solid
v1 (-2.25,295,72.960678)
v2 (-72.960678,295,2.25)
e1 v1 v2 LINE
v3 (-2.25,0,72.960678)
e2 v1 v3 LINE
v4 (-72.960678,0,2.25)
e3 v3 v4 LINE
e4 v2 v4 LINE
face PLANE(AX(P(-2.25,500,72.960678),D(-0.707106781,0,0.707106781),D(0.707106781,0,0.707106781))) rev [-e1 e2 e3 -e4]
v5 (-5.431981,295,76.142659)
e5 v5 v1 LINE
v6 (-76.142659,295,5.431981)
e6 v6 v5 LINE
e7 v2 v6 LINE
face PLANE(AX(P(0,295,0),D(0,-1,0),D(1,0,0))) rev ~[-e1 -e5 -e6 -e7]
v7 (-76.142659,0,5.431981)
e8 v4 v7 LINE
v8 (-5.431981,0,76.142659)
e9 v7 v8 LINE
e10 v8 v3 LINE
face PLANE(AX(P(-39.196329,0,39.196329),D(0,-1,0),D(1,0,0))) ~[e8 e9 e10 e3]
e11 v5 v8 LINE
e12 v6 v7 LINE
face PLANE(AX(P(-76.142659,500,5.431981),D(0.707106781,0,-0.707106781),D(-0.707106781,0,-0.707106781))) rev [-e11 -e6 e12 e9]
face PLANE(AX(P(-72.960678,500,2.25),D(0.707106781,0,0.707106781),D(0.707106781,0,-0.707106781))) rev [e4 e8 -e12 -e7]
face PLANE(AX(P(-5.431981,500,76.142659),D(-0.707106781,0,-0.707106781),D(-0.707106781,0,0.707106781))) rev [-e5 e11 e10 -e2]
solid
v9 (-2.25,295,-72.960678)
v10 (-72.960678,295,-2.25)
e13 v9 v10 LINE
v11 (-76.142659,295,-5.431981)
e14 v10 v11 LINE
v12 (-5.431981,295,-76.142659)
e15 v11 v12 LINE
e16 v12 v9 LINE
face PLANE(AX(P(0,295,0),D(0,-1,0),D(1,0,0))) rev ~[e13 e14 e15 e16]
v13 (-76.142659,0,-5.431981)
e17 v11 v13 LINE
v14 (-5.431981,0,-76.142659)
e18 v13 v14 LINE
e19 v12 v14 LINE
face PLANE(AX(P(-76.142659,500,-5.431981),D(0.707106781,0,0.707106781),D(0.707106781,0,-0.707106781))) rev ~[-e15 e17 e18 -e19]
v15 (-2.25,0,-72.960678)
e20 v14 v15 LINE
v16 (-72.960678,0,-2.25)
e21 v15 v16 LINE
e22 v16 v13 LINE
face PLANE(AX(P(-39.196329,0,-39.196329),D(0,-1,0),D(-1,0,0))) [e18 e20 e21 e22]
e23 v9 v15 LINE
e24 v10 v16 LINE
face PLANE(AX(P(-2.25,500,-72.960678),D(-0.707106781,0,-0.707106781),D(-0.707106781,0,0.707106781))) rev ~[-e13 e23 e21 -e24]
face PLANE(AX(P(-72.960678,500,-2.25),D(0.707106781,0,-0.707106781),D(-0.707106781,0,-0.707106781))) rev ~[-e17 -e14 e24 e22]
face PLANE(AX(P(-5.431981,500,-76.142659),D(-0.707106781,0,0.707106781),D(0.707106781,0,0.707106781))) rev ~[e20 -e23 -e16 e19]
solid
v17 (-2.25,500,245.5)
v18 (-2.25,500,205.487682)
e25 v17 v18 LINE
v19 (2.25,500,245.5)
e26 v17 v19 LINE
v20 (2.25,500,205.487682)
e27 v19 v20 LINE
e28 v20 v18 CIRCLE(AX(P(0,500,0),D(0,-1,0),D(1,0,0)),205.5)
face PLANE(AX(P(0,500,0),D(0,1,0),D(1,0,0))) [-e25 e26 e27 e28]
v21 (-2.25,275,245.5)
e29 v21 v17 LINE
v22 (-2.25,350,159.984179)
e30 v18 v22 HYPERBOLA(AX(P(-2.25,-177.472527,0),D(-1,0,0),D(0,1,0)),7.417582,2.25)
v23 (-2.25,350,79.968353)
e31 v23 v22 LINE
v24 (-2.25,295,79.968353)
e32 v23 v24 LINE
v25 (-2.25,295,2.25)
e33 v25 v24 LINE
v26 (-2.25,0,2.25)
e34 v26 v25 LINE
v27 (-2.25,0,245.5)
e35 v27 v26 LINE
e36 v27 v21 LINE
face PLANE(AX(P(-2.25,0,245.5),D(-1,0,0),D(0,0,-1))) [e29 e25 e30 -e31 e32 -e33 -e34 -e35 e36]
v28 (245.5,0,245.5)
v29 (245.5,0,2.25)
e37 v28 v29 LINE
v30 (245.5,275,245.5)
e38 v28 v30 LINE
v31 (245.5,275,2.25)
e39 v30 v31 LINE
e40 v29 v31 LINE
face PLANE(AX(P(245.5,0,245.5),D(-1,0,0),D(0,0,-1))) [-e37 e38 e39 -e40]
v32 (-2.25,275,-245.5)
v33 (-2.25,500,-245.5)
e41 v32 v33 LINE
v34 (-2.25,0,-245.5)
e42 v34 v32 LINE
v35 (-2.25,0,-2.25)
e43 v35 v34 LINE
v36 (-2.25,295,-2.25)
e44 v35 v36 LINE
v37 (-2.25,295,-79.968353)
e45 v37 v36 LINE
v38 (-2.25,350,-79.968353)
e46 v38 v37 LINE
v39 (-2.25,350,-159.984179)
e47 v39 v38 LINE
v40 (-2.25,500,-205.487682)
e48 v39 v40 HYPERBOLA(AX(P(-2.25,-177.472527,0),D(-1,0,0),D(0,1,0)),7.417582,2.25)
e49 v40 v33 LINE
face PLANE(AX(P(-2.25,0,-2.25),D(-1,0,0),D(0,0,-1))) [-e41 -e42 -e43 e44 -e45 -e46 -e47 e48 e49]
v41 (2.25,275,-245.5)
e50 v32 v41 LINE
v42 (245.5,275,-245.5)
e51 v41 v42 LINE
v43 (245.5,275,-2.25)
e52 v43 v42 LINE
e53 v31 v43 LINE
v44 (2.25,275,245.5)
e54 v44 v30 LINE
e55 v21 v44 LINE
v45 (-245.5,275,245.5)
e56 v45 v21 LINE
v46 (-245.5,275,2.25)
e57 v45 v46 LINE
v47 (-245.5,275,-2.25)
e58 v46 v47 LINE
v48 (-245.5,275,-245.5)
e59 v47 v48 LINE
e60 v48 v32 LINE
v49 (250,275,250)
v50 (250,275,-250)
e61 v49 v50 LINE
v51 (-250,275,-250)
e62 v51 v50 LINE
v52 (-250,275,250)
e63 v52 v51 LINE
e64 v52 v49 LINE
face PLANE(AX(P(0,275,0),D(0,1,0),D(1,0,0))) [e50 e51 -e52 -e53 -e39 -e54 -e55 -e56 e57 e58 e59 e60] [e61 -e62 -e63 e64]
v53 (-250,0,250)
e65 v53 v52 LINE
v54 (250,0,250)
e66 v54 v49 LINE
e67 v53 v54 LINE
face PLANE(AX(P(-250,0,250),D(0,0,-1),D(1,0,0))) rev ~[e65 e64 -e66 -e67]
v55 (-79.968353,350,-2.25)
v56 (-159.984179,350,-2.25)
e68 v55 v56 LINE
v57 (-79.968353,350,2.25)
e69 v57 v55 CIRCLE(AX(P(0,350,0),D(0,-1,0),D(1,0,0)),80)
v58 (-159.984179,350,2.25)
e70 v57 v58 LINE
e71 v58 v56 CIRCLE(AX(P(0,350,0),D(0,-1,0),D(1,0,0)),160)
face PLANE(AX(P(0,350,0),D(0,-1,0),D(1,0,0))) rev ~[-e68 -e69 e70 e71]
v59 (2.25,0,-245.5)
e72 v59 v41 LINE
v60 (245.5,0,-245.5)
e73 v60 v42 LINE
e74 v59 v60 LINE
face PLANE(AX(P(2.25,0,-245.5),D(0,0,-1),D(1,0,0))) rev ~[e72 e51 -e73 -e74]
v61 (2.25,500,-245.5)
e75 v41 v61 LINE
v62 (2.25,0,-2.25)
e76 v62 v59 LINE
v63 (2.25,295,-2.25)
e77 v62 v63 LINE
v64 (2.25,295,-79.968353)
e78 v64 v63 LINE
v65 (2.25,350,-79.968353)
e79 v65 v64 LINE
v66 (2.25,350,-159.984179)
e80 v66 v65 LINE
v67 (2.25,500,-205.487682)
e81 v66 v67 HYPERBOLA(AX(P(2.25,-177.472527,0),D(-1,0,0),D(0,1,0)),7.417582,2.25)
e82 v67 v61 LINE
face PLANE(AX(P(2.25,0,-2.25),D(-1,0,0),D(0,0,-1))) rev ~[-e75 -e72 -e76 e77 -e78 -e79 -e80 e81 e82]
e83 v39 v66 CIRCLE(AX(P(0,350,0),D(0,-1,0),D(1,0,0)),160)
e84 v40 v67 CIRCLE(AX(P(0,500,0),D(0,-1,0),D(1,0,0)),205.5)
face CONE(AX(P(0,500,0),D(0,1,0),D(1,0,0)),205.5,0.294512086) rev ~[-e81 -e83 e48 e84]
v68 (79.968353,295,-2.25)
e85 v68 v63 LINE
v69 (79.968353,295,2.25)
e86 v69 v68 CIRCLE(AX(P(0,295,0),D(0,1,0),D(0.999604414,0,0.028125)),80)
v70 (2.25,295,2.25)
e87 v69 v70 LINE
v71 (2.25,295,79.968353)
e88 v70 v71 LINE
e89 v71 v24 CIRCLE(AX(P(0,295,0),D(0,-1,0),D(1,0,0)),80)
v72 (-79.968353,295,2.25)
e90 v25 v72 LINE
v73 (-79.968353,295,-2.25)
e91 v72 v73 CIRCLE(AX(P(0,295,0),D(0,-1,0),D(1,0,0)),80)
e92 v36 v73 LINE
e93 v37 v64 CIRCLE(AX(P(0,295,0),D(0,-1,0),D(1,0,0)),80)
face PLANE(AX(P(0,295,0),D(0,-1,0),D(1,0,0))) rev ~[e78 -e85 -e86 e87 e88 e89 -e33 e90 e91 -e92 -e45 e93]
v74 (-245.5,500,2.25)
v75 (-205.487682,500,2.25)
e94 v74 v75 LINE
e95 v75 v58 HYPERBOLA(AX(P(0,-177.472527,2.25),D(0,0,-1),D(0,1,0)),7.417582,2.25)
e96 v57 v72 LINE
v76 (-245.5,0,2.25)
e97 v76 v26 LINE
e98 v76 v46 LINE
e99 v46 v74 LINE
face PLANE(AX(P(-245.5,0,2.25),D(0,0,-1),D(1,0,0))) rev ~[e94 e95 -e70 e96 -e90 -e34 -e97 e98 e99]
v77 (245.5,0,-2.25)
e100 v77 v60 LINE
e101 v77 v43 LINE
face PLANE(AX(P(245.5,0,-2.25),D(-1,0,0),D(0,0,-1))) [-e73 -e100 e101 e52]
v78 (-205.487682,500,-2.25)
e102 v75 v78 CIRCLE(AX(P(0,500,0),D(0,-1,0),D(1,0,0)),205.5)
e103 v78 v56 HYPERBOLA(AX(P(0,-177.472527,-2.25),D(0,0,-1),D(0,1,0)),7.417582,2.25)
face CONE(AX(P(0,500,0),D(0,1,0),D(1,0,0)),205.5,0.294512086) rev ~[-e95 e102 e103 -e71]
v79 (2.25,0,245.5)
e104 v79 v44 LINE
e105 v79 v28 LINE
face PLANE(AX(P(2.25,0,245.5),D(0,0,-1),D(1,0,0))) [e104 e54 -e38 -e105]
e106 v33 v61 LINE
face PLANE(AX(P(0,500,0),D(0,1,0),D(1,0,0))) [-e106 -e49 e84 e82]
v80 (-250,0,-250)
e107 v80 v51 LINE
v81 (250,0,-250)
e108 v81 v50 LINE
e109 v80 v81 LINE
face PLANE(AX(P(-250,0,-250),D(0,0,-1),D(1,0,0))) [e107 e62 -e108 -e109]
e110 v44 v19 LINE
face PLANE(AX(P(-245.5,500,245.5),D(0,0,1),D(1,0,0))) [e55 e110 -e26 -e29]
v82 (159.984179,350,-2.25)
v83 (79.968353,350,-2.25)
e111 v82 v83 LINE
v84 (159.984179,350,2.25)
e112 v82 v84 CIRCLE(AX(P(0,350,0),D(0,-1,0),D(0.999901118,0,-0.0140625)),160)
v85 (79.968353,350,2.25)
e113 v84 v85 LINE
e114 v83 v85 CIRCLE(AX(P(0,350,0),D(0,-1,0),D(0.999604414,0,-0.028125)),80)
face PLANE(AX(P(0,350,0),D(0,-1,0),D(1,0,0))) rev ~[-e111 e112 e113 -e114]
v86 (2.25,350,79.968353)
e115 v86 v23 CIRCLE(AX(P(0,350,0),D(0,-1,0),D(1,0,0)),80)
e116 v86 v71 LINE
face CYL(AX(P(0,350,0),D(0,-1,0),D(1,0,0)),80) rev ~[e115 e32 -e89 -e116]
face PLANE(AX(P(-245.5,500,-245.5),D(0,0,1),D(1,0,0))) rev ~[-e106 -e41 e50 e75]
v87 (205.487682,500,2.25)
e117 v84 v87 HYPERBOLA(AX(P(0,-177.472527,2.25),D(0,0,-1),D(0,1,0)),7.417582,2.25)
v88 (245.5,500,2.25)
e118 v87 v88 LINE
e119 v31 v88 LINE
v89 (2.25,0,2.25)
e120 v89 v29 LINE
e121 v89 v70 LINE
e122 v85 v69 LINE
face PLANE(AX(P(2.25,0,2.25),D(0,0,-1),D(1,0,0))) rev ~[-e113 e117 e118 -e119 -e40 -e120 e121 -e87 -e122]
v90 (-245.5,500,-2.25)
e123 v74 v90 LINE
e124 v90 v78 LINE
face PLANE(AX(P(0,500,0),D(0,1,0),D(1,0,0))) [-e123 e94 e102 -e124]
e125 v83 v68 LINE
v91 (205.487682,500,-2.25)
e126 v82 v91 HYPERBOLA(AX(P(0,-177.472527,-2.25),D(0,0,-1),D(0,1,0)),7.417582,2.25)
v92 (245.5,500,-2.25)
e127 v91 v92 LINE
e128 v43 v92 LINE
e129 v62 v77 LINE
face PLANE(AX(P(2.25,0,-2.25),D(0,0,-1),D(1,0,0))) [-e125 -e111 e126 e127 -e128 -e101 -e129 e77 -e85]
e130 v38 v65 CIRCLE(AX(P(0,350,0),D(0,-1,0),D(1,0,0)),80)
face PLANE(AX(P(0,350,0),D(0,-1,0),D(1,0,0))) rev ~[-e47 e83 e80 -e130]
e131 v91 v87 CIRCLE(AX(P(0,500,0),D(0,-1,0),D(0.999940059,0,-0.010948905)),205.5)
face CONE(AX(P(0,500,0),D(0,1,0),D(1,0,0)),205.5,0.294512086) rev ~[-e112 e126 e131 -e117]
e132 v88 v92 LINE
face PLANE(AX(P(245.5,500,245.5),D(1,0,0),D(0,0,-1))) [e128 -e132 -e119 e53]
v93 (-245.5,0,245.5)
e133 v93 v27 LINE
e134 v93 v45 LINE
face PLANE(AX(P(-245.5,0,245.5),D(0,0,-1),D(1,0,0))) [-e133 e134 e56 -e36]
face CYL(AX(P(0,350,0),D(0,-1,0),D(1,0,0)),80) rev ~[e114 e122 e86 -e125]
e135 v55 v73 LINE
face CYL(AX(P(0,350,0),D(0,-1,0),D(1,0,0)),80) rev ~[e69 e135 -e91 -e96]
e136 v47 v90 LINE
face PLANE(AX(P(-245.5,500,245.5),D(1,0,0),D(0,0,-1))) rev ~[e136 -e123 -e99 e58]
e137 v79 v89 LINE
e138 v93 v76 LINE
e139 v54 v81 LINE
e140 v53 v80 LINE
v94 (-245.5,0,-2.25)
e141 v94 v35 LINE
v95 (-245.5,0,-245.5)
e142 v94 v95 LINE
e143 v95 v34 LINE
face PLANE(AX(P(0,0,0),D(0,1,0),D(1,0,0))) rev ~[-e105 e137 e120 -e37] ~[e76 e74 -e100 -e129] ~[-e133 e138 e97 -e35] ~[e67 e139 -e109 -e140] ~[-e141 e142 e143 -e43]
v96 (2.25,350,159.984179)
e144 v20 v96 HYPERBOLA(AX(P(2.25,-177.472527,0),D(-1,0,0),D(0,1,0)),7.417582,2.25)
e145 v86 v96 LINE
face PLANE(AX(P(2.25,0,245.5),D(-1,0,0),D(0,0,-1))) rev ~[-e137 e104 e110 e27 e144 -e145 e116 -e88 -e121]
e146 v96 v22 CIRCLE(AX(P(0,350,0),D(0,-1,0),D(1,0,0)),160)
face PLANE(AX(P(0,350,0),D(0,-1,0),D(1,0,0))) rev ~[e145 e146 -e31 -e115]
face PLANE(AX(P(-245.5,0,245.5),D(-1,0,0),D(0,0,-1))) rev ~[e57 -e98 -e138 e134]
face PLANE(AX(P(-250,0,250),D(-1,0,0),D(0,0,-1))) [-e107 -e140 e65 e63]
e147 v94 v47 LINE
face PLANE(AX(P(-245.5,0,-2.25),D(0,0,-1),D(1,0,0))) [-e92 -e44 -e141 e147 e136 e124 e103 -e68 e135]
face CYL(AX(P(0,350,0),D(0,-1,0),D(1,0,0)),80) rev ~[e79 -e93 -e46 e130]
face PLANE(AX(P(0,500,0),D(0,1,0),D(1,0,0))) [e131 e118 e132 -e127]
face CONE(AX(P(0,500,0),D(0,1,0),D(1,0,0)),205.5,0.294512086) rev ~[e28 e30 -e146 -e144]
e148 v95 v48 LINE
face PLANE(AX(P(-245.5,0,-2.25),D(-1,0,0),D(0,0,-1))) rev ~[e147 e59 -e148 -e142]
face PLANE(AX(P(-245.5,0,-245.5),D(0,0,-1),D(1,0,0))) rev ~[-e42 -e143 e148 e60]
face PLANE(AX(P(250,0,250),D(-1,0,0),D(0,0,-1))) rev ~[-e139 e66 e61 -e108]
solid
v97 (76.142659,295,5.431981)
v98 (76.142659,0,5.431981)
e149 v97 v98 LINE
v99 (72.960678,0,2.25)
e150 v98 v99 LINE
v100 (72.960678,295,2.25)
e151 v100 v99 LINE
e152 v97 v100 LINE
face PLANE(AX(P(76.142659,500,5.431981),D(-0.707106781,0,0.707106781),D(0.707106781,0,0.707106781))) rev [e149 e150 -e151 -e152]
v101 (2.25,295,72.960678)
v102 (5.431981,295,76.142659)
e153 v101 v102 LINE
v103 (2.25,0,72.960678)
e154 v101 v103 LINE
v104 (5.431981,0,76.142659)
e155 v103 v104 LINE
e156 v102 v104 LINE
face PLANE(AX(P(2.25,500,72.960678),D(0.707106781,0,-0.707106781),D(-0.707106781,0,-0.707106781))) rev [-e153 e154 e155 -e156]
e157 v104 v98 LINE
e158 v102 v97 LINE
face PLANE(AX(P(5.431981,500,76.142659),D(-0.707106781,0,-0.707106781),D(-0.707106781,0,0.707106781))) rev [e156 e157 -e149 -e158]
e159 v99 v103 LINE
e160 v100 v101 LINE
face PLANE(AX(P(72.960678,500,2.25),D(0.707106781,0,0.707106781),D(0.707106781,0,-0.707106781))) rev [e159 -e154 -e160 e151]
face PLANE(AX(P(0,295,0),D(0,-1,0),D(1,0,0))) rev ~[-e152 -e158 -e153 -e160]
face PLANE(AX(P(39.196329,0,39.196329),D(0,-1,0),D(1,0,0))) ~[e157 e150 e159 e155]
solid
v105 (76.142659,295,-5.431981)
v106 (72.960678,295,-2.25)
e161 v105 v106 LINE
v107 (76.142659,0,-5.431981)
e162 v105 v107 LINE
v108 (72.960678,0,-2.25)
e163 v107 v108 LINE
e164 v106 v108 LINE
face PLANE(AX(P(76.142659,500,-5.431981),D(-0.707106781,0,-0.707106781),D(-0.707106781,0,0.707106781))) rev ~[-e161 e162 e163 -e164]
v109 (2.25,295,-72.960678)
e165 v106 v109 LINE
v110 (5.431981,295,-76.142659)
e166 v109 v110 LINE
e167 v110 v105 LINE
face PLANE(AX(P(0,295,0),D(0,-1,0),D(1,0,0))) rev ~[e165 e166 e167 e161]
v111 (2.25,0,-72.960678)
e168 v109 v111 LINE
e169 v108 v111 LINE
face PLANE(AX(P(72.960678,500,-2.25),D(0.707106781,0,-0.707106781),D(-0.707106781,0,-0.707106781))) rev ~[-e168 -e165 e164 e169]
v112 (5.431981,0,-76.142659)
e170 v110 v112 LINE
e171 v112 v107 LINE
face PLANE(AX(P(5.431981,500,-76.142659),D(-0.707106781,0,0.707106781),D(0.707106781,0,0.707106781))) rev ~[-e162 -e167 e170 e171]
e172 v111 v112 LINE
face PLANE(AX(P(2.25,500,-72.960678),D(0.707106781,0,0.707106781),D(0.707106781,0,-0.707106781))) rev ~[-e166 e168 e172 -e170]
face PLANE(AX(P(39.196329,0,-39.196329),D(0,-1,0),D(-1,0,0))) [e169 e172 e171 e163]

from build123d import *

# Parameters (mm, degrees)
SKETCH1_W             = 500
SKETCH1_H             = 500
SKETCH1_W_2           = 243.25
SKETCH1_H_2           = 243.25
BOSS_EXTRUDE1_DEPTH   = 500
BOSS_EXTRUDE3_DEPTH   = 500
BOSS_EXTRUDE3_2_DEPTH = 500
SKETCH8_W             = 500
SKETCH8_H             = 500
SKETCH8_W_2           = 491
SKETCH8_H_2           = 491
CUT_EXTRUDE1_DEPTH    = 225


with BuildPart() as part:
    # Sketch1 → Boss-Extrude1 (new body)
    with BuildSketch(Plane(origin=(0, 0, 0), x_dir=(1, 0, 0), z_dir=(0, 1, 0))):
        Rectangle(SKETCH1_W, SKETCH1_H)
        with Locations((-123.875, 123.875)):
            Rectangle(SKETCH1_W_2, SKETCH1_H_2, mode=Mode.SUBTRACT)
        with Locations((123.875, 123.875)):
            Rectangle(SKETCH1_W_2, SKETCH1_H_2, mode=Mode.SUBTRACT)
        with Locations((-123.875, -123.875)):
            Rectangle(SKETCH1_W_2, SKETCH1_H_2, mode=Mode.SUBTRACT)
        with Locations((123.875, -123.875)):
            Rectangle(SKETCH1_W_2, SKETCH1_H_2, mode=Mode.SUBTRACT)
    extrude(amount=BOSS_EXTRUDE1_DEPTH)

    # Sketch8 → Cut-Extrude1 (cut)
    with BuildSketch(Plane(origin=(0, 500, 0), x_dir=(1, 0, 0), z_dir=(0, 1, 0))):
        Rectangle(SKETCH8_W, SKETCH8_H)
        Rectangle(SKETCH8_W_2, SKETCH8_H_2, mode=Mode.SUBTRACT)
    extrude(amount=-CUT_EXTRUDE1_DEPTH, mode=Mode.SUBTRACT)


with BuildPart() as body_2:
    # Sketch4 → Boss-Extrude3 (new body)
    with BuildSketch(Plane(origin=(0, 500, 0), x_dir=(1, 0, 0), z_dir=(0, 1, 0))):
        Polygon((5.431980515, 76.142658634), (76.142658634, 5.431980515), (72.960678119, 2.25), (2.25, 72.960678119), align=None)
    extrude(amount=-BOSS_EXTRUDE3_DEPTH)


with BuildPart() as body_3:
    # Sketch4 → Boss-Extrude3 2 (new body)
    with BuildSketch(Plane(origin=(0, 500, 0), x_dir=(1, 0, 0), z_dir=(0, 1, 0))):
        Polygon((-76.142658634, 5.431980515), (-5.431980515, 76.142658634), (-2.25, 72.960678119), (-72.960678119, 2.25), align=None)
    extrude(amount=-BOSS_EXTRUDE3_2_DEPTH)


with BuildPart() as body_4:
    # Mirror2: mirrored copy
    add(body_3.part.mirror(Plane.XY))


with BuildPart() as body_5:
    # Mirror2 2: mirrored copy
    add(body_2.part.mirror(Plane.XY))


with BuildPart() as cut_revolve3_tool:
    # Sketch11 → Cut-Revolve3 (revolve)
    with BuildSketch(Plane.XY):
        Polygon((205.5, 500), (160, 350), (80, 350), (80, 295), (0, 295), (0, 500), align=None)
    revolve(axis=Axis((0, 500, 0), (0, -1, 0)))


with BuildPart() as part_1:
    add(part.part)

    # Cut-Revolve3: cut by cut_revolve3_tool
    add(cut_revolve3_tool.part, mode=Mode.SUBTRACT)


with BuildPart() as body_2_1:
    add(body_2.part)

    # Cut-Revolve3: cut by cut_revolve3_tool
    add(cut_revolve3_tool.part, mode=Mode.SUBTRACT)


with BuildPart() as body_3_1:
    add(body_3.part)

    # Cut-Revolve3: cut by cut_revolve3_tool
    add(cut_revolve3_tool.part, mode=Mode.SUBTRACT)


with BuildPart() as body_4_1:
    add(body_4.part)

    # Cut-Revolve3: cut by cut_revolve3_tool
    add(cut_revolve3_tool.part, mode=Mode.SUBTRACT)


with BuildPart() as body_5_1:
    add(body_5.part)

    # Cut-Revolve3: cut by cut_revolve3_tool
    add(cut_revolve3_tool.part, mode=Mode.SUBTRACT)


solid = Compound([part_1.part, body_2_1.part, body_3_1.part, body_4_1.part, body_5_1.part])
